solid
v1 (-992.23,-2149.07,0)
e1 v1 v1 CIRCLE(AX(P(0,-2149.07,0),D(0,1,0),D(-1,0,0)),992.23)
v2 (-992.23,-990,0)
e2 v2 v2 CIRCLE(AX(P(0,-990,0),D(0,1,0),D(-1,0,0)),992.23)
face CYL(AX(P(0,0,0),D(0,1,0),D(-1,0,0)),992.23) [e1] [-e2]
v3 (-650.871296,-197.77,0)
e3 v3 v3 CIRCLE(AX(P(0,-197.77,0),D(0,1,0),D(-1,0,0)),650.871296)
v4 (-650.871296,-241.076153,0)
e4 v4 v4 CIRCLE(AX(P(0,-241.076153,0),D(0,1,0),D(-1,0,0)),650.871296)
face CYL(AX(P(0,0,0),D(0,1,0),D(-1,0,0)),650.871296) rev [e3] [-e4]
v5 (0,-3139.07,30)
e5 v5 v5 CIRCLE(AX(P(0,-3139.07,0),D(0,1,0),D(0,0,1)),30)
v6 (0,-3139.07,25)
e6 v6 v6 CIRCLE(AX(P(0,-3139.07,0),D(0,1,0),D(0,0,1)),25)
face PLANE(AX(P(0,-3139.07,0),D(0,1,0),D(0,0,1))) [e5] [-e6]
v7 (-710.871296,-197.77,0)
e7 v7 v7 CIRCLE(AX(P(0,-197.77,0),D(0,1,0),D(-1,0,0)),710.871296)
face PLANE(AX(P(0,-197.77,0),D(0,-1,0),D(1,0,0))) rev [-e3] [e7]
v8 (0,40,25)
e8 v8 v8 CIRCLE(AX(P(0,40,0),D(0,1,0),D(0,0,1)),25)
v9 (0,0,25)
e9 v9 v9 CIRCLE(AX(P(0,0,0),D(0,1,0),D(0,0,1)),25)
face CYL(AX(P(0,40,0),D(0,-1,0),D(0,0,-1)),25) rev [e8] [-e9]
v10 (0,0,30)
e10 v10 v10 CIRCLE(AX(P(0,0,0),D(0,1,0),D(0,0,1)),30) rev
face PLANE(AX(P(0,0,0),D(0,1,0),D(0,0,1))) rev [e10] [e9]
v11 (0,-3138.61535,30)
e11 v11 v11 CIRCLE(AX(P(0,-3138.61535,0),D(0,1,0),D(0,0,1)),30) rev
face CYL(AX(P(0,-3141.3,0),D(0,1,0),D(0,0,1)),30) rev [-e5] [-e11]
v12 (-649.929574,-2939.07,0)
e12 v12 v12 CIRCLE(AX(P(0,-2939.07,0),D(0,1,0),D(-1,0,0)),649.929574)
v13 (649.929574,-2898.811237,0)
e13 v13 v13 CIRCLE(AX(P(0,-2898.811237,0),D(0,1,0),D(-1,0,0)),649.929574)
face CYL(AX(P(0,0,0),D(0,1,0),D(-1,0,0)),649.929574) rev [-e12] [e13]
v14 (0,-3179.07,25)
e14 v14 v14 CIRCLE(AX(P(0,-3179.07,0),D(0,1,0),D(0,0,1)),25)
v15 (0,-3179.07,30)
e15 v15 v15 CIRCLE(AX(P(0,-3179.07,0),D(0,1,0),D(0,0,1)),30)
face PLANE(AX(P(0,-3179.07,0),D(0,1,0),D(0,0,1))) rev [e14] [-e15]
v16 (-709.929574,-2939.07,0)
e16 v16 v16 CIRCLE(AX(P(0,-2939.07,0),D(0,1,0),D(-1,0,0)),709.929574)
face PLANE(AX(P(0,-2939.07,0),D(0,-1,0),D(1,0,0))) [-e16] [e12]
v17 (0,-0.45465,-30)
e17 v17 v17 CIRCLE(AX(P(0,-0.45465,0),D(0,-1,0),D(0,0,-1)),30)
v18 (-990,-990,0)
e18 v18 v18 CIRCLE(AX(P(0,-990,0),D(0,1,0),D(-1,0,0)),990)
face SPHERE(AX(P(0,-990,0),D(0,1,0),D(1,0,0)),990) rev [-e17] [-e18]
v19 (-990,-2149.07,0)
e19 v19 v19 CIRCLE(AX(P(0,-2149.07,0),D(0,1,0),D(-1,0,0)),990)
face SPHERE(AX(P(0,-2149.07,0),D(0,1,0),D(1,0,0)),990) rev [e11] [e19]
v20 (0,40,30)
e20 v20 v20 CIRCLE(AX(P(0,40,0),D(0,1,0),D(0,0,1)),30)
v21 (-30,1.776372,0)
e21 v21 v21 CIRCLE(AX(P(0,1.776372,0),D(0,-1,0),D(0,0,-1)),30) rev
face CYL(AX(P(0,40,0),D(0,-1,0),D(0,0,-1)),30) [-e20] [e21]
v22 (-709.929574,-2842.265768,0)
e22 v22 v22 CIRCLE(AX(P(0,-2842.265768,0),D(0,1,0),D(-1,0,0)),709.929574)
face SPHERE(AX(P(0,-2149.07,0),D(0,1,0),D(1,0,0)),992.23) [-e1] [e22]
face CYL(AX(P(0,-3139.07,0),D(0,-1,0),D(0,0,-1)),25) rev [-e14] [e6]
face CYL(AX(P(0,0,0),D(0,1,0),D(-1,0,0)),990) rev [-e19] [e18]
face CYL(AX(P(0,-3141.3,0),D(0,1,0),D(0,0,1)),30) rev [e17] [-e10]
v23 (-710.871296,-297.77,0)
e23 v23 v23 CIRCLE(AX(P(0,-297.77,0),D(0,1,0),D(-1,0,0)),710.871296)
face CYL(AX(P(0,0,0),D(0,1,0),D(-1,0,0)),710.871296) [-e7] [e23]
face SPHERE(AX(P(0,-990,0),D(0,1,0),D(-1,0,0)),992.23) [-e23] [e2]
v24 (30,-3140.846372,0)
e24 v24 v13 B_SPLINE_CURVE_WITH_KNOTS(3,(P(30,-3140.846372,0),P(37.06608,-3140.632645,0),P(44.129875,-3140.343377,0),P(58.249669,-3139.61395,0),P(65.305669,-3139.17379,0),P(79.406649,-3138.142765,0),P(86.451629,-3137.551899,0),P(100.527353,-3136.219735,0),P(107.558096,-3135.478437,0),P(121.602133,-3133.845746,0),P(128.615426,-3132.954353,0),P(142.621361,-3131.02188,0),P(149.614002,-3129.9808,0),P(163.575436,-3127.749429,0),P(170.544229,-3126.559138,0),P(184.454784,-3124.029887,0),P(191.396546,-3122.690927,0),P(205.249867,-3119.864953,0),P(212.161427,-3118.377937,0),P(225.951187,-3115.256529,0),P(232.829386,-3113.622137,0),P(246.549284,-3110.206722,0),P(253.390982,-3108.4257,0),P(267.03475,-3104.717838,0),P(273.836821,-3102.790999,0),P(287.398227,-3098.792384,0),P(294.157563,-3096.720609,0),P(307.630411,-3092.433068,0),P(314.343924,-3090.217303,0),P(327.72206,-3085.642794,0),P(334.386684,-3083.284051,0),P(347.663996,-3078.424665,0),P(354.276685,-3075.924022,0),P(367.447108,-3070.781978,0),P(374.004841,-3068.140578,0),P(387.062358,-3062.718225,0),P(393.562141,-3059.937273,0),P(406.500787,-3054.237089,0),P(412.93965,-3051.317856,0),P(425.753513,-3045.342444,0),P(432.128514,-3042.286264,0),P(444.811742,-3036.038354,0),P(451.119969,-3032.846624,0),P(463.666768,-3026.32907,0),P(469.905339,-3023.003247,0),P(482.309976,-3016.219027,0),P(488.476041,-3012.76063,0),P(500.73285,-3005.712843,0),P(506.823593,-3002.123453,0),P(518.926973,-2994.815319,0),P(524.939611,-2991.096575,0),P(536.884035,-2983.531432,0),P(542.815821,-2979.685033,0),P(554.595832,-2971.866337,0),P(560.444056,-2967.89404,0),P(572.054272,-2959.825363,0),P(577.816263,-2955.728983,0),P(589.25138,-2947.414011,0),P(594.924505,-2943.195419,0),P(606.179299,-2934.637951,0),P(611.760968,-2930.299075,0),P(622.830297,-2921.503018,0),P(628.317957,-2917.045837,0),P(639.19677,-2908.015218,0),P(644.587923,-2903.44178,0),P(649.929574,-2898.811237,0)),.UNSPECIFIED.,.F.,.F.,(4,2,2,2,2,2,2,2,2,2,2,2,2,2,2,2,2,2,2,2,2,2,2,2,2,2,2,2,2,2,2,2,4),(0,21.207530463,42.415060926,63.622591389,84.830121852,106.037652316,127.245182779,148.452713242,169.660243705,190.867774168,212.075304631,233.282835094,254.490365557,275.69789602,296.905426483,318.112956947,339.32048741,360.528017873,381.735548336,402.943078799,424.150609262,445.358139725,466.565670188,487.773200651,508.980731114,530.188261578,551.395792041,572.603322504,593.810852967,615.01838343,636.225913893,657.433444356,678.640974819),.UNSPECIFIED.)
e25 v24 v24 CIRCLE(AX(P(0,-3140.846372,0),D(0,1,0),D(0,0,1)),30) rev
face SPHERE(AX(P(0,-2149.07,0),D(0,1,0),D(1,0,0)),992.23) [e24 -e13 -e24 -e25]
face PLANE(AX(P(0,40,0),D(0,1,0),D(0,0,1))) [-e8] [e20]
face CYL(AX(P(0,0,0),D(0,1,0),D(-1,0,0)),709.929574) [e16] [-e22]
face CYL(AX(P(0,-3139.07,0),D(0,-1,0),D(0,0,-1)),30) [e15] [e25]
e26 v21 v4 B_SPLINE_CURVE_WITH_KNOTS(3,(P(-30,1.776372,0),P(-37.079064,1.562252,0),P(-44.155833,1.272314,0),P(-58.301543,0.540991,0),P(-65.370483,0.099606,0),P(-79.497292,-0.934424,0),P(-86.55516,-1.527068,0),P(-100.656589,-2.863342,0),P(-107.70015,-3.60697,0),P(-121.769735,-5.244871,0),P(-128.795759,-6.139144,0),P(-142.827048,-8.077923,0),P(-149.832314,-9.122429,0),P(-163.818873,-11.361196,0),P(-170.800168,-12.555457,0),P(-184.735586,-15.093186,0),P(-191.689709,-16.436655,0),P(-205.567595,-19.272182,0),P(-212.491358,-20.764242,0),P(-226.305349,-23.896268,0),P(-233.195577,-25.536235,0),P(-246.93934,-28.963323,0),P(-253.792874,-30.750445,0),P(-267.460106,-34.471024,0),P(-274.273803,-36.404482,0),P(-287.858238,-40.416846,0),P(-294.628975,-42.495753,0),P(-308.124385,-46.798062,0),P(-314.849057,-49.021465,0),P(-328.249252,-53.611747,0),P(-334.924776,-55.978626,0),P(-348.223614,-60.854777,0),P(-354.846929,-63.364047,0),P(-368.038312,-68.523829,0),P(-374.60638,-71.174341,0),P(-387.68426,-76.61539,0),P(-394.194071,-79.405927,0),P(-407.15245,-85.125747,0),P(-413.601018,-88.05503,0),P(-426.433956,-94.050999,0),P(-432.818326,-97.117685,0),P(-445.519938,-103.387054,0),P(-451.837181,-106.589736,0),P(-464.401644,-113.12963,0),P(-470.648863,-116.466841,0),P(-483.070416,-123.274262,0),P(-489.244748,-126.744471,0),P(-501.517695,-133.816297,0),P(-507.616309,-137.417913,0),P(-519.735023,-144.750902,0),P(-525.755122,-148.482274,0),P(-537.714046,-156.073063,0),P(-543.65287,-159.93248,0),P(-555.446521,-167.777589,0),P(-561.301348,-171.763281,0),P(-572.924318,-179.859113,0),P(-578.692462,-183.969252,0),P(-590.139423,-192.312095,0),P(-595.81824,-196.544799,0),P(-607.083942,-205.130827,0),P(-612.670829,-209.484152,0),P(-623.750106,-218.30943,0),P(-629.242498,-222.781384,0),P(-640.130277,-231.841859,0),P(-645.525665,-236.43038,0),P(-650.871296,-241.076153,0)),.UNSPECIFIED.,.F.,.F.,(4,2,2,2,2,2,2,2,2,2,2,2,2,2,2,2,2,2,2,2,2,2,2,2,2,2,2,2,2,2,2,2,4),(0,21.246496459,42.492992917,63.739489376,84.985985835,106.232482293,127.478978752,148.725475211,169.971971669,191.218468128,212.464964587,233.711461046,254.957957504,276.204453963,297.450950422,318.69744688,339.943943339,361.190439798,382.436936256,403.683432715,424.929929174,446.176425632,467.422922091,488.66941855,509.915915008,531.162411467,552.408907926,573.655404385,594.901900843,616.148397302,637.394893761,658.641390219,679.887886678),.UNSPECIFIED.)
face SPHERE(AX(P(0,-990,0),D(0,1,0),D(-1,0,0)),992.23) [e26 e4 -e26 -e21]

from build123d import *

# Parameters (mm, degrees)
CUT_EXTRUDE1_DEPTH      = 3441.466020149
CUT_EXTRUDE1_DEPTH_BACK = 3441.466020149
SKETCH2_R               = 30
BOSS_EXTRUDE2_START     = 40
SKETCH3_R               = 30
SKETCH3_R_2             = 25
BOSS_EXTRUDE2_DEPTH     = 40
LPATTERN1_COUNT         = 2
LPATTERN1_PITCH         = 3179.07


with BuildPart() as part:
    # Sketch1 → Revolve1 (revolve)
    with BuildSketch(Plane.XY, mode=Mode.PRIVATE) as revolve1_sk:
        with BuildLine():
            Line((0, -3139.07), (0, -3141.3))
            ThreePointArc((0, -3141.3), (346.846238096, -3078.703293304), (649.929573972, -2898.811236545))
            Line((649.929573972, -2898.811236545), (649.929573972, -2939.07))
            Line((649.929573972, -2939.07), (709.929573972, -2939.07))
            Line((709.929573972, -2939.07), (709.929573972, -2842.265768092))
            ThreePointArc((709.929573972, -2842.265768092), (918.948800011, -2523.307191977), (992.23, -2149.07))
            Line((992.23, -2149.07), (992.23, -990))
            ThreePointArc((992.23, -990), (919.202969777, -616.387536005), (710.871296368, -297.77))
            Line((710.871296368, -297.77), (710.871296368, -197.77))
            Line((710.871296368, -197.77), (650.871296368, -197.77))
            Line((650.871296368, -197.77), (650.871296368, -241.076153094))
            ThreePointArc((650.871296368, -241.076153094), (347.430327033, -60.584839398), (0, 2.23))
            Line((0, 2.23), (0, 0))
            ThreePointArc((0, 0), (700.035713375, -289.964286625), (990, -990))
            Line((990, -990), (990, -2149.07))
            ThreePointArc((990, -2149.07), (700.035713375, -2849.105713375), (0, -3139.07))
        make_face()
    revolve(revolve1_sk.sketch.rotate(Axis((0, 0, 0), (0, -1, 0)), 180), axis=Axis((0, 0, 0), (0, -1, 0)))

    # Sketch2 → Cut-Extrude1 (cut, two sides: drawn at the far end of the back side and taken through both)
    with BuildSketch(Plane(origin=(0, 0, 0), x_dir=(1, 0, 0), z_dir=(0, 1, 0)).offset(-CUT_EXTRUDE1_DEPTH_BACK)):
        with Locations(Location((0, 0, 0), (0, 0, 180))):
            Circle(SKETCH2_R)
    extrude(amount=CUT_EXTRUDE1_DEPTH + CUT_EXTRUDE1_DEPTH_BACK, mode=Mode.SUBTRACT)

    # Sketch3 → Boss-Extrude2 (add)
    with BuildSketch(Plane(origin=(0, 0, 0), x_dir=(1, 0, 0), z_dir=(0, 1, 0)).offset(BOSS_EXTRUDE2_START)):
        with Locations(Location((0, 0, 0), (0, 0, 270))):
            Circle(SKETCH3_R)
        with Locations(Location((0, 0, 0), (0, 0, 270))):
            Circle(SKETCH3_R_2, mode=Mode.SUBTRACT)
    boss_extrude2 = extrude(amount=-BOSS_EXTRUDE2_DEPTH)

    # LPattern1: Boss-Extrude2 ×2
    with Locations(*[(0, -i * LPATTERN1_PITCH, 0) for i in range(1, LPATTERN1_COUNT)]):
        add(boss_extrude2)


solid = part.part
